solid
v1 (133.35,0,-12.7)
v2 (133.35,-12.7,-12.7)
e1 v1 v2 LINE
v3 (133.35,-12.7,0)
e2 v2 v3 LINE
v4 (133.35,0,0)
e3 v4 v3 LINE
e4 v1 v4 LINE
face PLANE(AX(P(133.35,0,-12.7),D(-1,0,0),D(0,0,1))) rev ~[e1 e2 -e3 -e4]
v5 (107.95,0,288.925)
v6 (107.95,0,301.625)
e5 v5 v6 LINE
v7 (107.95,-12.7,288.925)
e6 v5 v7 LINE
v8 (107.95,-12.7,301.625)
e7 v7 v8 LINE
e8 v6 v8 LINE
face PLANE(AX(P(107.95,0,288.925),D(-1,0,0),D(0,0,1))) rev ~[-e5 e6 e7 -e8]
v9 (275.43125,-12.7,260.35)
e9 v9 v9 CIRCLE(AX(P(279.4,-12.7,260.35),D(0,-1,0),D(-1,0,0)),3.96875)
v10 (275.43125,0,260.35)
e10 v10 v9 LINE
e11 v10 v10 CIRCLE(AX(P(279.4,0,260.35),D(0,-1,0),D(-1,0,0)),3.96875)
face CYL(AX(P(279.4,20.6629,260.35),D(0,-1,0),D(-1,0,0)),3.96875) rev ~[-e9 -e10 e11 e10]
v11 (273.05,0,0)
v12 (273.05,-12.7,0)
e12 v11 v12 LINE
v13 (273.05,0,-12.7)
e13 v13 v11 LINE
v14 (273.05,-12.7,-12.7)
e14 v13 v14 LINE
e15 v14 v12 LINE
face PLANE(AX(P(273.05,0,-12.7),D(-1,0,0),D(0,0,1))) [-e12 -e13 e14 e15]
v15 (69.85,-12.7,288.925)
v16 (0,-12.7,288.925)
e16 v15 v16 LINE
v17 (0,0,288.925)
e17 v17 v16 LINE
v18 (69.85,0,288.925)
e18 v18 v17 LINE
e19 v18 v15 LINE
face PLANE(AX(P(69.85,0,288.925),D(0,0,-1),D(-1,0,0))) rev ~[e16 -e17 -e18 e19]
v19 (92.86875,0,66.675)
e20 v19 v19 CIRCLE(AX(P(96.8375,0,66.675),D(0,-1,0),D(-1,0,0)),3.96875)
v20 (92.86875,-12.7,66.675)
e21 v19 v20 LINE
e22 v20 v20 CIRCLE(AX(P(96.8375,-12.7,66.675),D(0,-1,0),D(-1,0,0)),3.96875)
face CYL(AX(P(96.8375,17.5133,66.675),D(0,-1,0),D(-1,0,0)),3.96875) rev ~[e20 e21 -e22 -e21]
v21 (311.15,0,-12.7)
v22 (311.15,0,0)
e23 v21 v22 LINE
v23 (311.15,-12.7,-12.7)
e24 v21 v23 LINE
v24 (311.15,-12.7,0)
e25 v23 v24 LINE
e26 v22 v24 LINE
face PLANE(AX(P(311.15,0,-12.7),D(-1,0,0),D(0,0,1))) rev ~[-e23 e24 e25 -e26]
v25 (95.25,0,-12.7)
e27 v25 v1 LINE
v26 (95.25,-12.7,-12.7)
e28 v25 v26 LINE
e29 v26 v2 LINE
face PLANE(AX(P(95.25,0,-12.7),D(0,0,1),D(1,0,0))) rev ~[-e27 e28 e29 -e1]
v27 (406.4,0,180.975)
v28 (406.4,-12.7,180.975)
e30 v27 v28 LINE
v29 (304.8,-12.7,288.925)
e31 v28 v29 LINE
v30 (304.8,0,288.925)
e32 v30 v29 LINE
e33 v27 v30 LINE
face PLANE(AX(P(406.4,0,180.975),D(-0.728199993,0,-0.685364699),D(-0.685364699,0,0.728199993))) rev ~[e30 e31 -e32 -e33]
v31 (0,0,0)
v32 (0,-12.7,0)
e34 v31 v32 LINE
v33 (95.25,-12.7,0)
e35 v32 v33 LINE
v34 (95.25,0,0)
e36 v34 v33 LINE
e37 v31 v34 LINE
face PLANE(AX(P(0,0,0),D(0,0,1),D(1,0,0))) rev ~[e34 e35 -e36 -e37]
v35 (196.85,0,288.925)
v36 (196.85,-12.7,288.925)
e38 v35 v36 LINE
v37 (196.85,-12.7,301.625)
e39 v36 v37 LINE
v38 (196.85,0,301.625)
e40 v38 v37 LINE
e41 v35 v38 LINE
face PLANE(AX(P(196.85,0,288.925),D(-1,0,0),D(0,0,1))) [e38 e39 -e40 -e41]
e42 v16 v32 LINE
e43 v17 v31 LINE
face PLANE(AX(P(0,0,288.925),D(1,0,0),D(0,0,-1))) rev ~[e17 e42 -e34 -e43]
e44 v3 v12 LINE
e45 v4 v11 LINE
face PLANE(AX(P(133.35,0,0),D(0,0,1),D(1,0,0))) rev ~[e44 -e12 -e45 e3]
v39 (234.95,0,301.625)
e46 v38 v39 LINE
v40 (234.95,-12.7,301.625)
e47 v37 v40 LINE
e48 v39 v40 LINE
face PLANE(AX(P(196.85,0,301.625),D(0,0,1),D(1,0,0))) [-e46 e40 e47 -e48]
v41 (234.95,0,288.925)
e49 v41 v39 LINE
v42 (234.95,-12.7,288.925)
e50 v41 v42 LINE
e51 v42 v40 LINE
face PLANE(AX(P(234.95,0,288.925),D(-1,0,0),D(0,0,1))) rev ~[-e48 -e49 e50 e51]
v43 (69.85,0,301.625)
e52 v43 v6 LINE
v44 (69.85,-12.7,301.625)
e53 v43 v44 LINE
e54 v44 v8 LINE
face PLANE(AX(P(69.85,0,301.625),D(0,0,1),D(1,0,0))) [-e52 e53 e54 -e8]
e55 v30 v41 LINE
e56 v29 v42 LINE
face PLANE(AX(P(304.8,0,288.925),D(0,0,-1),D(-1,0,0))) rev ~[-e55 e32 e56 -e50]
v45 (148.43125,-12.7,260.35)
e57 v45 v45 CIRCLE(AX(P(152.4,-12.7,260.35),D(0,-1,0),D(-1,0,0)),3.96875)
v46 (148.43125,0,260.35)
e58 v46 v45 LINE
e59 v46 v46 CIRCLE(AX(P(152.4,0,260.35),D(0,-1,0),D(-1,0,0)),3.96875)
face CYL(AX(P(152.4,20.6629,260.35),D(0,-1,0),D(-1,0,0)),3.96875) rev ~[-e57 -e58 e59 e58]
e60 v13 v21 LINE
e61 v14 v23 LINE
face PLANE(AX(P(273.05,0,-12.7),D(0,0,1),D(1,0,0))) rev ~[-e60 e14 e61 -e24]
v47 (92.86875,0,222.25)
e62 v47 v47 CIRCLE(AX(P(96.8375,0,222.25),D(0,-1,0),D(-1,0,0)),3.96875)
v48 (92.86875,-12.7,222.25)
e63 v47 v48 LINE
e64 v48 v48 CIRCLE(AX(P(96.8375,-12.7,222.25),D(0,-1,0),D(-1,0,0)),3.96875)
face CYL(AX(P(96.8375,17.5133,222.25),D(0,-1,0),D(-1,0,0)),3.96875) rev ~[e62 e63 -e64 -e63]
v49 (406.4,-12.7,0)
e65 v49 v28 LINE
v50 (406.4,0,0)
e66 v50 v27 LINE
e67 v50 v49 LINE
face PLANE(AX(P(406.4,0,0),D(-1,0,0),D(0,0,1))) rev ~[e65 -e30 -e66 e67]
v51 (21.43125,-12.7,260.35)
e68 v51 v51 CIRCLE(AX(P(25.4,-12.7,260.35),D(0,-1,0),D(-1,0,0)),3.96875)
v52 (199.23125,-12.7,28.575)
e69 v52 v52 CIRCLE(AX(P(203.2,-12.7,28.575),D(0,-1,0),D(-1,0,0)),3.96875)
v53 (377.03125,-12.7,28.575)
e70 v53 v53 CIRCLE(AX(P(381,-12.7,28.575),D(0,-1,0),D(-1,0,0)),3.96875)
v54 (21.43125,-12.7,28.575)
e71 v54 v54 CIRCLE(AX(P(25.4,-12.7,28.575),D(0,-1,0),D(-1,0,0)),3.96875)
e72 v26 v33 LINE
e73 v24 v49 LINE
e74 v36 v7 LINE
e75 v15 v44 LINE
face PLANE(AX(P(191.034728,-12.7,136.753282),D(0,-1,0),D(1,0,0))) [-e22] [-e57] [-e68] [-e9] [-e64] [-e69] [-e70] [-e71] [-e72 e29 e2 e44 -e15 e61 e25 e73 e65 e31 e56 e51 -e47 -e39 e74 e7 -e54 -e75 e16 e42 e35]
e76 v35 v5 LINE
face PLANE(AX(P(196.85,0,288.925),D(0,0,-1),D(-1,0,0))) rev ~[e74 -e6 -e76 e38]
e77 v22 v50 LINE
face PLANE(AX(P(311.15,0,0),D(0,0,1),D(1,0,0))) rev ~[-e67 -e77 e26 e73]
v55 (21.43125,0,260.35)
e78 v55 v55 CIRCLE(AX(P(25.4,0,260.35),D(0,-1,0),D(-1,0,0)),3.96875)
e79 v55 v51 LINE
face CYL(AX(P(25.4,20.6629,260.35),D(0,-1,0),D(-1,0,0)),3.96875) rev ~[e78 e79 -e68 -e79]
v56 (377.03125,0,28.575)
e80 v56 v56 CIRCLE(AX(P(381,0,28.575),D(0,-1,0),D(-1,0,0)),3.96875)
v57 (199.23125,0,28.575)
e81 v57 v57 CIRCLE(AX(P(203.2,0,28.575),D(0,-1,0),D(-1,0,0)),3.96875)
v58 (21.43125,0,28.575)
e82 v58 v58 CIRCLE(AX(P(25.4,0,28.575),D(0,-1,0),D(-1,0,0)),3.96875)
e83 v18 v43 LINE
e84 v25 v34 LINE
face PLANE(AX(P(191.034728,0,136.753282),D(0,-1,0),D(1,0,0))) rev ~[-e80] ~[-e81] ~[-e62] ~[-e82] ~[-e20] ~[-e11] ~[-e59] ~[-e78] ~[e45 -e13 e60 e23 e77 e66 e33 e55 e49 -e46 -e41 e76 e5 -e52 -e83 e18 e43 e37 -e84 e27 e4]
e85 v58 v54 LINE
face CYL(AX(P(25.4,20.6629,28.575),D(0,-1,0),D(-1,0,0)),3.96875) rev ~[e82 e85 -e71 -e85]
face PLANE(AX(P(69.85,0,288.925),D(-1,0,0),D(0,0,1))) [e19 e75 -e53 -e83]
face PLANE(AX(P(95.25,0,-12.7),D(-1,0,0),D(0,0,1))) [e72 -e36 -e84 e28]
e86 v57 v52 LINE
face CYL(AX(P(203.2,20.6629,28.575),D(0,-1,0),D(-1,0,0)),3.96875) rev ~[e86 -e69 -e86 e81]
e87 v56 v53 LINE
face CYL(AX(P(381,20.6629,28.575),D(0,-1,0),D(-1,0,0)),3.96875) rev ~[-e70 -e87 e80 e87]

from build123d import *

# Parameters (mm, degrees)
F0_W     = 38.1
F0_H     = 12.7
F1_DEPTH = 12.7
F2_D     = 7.9375
F2_DEPTH = 20.6629
F2_TIP   = 2.3846655818
F3_D     = 7.9375
F3_DEPTH = 17.5133
F3_TIP   = 2.3846655818


with BuildPart() as f1:
    # F0 (on Front) → F1 (new body)
    with BuildSketch(Plane.XZ):
        Polygon((0, 288.925), (0, 0), (95.25, 0), (95.25, 12.7), (133.35, 12.7), (133.35, 0), (273.05, 0), (273.05, 12.7), (311.15, 12.7), (311.15, 0), (406.4, 0), (406.4, 180.975), (304.8, 288.925), (234.95, 288.925), (234.95, 276.225), (196.85, 276.225), (196.85, 288.925), (107.95, 288.925), (107.95, 276.225), (69.85, 276.225), (69.85, 288.925), align=None)
        with Locations((114.3, 6.35)):
            Rectangle(F0_W, F0_H)
        with Locations((114.3, -6.35)):
            Rectangle(F0_W, F0_H)
        with Locations((88.9, 295.275)):
            Rectangle(F0_W, F0_H)
        with Locations((88.9, 282.575)):
            Rectangle(F0_W, F0_H)
        with Locations((292.1, 6.35)):
            Rectangle(F0_W, F0_H)
        with Locations((292.1, -6.35)):
            Rectangle(F0_W, F0_H)
        with Locations((215.9, 295.275)):
            Rectangle(F0_W, F0_H)
        with Locations((215.9, 282.575)):
            Rectangle(F0_W, F0_H)
    extrude(amount=F1_DEPTH)

    # F2
    with Locations(Plane(origin=(0, 0, 0), x_dir=(1, 0, 0), z_dir=(0, 1, 0))):
        with Locations((25.4, -260.35), (152.4, -260.35), (279.4, -260.35), (381, -28.575), (203.2, -28.575), (25.4, -28.575)):
            Hole(F2_D / 2, depth=F2_DEPTH)
            with Locations((0, 0, -(F2_DEPTH + F2_TIP / 2))):  # 118° drill point
                Cone(0, F2_D / 2, F2_TIP, mode=Mode.SUBTRACT)

    # F3
    with Locations(Plane(origin=(0, 0, 0), x_dir=(1, 0, 0), z_dir=(0, 1, 0))):
        with Locations((96.8375, -222.25), (96.8375, -66.675)):
            Hole(F3_D / 2, depth=F3_DEPTH)
            with Locations((0, 0, -(F3_DEPTH + F3_TIP / 2))):  # 118° drill point
                Cone(0, F3_D / 2, F3_TIP, mode=Mode.SUBTRACT)


solid = f1.part
